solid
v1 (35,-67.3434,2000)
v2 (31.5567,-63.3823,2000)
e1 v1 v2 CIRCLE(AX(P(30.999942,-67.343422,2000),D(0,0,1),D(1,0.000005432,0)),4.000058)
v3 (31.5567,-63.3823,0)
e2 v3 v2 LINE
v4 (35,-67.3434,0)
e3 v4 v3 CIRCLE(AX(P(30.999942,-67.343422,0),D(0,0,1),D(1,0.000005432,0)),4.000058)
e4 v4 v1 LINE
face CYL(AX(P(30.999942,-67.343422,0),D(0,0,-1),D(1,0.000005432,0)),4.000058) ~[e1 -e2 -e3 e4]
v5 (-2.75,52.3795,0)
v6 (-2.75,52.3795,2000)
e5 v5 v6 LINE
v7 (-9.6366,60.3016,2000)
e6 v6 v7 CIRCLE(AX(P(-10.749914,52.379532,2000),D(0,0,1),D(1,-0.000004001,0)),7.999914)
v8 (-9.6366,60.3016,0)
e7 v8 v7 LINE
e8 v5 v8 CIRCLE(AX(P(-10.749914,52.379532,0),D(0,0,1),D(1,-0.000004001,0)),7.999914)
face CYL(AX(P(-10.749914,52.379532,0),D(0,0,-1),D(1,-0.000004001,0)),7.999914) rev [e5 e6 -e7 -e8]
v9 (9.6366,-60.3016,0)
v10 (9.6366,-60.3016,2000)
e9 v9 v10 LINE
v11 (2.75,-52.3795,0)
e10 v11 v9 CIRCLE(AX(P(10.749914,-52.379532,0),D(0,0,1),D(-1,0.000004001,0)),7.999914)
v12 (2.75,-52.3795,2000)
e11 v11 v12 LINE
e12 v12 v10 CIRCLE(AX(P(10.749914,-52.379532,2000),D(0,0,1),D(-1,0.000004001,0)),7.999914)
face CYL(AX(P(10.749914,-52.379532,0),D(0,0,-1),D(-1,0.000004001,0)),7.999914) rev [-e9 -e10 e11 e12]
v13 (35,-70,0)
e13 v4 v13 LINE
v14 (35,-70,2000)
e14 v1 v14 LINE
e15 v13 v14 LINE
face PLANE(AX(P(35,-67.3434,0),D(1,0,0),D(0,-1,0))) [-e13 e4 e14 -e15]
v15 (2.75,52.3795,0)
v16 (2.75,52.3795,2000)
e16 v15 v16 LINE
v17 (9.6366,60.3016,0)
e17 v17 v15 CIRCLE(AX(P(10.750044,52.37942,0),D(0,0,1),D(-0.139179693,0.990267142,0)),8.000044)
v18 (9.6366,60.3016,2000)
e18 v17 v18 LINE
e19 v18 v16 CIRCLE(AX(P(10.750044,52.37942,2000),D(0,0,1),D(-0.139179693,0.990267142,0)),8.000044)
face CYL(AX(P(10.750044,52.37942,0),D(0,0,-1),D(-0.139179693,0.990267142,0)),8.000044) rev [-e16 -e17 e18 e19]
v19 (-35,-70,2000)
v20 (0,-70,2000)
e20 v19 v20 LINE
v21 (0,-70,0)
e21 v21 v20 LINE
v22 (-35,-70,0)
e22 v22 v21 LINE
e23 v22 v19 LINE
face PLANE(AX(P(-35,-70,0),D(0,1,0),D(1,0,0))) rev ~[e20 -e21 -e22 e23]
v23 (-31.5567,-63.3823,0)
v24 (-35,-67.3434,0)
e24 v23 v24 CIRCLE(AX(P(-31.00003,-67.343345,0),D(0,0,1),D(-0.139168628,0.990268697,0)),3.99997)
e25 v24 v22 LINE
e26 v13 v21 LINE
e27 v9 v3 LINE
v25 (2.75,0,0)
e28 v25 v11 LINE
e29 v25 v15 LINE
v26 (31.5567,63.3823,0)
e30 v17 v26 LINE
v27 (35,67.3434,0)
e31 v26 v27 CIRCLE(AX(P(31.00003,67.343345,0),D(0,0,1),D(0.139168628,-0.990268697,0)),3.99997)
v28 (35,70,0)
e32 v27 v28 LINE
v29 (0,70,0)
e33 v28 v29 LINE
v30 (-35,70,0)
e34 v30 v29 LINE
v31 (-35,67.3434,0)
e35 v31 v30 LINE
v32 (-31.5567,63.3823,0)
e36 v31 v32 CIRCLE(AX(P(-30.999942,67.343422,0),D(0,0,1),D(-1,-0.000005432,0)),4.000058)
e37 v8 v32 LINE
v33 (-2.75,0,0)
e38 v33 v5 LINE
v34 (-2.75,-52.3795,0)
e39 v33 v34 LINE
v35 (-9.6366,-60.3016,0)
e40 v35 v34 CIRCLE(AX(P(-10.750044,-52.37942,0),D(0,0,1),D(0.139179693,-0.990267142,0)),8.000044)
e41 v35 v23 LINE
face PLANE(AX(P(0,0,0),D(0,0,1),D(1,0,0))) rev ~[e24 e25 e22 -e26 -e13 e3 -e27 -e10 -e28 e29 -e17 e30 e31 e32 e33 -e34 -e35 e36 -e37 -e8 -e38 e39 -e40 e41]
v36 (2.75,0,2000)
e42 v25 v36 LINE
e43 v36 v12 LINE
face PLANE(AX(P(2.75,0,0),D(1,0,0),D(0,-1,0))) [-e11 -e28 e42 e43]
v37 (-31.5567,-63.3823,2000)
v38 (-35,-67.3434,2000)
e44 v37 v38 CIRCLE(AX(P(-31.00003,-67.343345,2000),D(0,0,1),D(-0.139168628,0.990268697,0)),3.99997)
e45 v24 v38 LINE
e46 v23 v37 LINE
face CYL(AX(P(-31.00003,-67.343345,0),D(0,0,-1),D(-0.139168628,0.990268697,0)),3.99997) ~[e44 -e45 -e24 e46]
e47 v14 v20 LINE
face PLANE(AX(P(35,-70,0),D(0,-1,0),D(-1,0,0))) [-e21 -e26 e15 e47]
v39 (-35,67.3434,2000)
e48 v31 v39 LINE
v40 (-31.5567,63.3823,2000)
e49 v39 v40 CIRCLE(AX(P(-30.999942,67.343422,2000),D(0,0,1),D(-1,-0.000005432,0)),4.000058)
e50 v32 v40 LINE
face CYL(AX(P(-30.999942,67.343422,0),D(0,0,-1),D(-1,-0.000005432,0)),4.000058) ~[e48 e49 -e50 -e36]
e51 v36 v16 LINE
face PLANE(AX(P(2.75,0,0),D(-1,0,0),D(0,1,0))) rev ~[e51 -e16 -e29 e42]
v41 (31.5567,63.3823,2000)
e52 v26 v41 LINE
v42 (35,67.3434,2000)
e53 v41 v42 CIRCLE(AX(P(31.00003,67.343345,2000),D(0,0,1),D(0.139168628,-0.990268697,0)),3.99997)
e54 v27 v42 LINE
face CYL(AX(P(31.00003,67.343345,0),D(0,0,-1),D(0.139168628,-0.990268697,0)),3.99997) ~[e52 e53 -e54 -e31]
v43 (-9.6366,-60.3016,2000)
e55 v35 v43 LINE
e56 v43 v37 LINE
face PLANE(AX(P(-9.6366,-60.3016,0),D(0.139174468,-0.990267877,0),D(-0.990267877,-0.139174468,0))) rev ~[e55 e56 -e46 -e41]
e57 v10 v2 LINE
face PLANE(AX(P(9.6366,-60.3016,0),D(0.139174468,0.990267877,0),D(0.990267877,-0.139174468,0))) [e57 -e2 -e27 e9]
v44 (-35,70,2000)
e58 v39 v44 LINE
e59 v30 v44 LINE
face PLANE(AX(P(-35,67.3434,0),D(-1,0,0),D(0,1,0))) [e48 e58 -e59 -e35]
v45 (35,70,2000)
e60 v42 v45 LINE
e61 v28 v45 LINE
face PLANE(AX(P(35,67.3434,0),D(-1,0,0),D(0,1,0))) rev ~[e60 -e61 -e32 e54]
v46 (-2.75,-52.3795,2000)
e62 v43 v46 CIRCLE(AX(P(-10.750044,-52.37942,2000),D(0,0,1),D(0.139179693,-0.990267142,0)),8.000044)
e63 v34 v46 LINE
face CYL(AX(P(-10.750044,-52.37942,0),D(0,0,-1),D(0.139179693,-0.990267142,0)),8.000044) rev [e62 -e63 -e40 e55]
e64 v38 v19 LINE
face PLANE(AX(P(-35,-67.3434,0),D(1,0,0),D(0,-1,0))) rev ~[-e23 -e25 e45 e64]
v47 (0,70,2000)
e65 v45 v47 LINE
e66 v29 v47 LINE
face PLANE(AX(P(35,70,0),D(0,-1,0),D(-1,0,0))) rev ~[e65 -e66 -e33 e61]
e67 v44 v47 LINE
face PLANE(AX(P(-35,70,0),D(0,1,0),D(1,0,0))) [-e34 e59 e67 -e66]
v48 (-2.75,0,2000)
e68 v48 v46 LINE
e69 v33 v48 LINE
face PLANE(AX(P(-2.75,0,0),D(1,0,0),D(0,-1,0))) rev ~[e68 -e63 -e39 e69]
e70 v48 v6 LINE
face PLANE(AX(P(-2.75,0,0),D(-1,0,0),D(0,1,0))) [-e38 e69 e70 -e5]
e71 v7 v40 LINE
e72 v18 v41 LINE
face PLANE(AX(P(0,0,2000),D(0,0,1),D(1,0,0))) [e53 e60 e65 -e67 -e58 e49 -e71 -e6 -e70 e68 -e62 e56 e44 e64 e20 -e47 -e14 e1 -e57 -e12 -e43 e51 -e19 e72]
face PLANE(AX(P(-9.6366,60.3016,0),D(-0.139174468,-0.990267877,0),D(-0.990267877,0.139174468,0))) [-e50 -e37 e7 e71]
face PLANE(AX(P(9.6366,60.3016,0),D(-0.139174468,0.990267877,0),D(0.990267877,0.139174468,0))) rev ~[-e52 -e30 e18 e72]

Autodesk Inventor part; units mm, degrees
ref_plane "YZ Plane" through (0, 0, 0) normal (1, 0, 0) x (0, 1, 0)
ref_plane "Start Plane" through (0, 0, 0) normal (0, 0, 1) x (1, 0, 0)
ref_plane "End Plane" through (0, 0, 2000) normal (0, 0, 1) x (1, 0, 0)
sketch "Sketch" plane through (0, 0, 0) normal (0, 0, 1) x (1, 0, 0)
  line L0 (-2.75, 0) -> (-2.75, -52.3795)
  line L1 (-9.6366, -60.3016) -> (-31.5567, -63.3823)
  line L2 (-35, -67.3434) -> (-35, -70)
  line L3 (-35, -70) -> (0, -70)
  line L4 (-18.875, -70) -> (-18.875, -61.6) construction
  line L5 (-25.7112, 0) -> (34.2816, 0) construction
  line L6 (0, 40) -> (0, -70) construction
  line L7 (0, -48) -> (0, 64) construction
  line L8 (2.75, 0) -> (2.75, -52.3795)
  line L9 (9.6366, -60.3016) -> (31.5567, -63.3823)
  line L10 (35, -67.3434) -> (35, -70)
  line L11 (35, -70) -> (0, -70)
  line L12 (-2.75, 0) -> (2.75, 0) construction
  line L13 (-2.75, 0) -> (-2.75, 52.3795)
  line L14 (-9.6366, 60.3016) -> (-31.5567, 63.3823)
  line L15 (-35, 67.3434) -> (-35, 70)
  line L16 (-35, 70) -> (0, 70)
  line L17 (2.75, 0) -> (2.75, 52.3795)
  line L18 (9.6366, 60.3016) -> (31.5567, 63.3823)
  line L19 (35, 67.3434) -> (35, 70)
  line L20 (35, 70) -> (0, 70)
  arc A0 (-35, 67.3434) -> (-31.5567, 63.3823) centre (-31, 67.3434) ccw
  arc A1 (31.5567, 63.3823) -> (35, 67.3434) centre (31, 67.3434) ccw
  arc A2 (35, -67.3434) -> (31.5567, -63.3823) centre (31, -67.3434) ccw
  arc A3 (-31.5567, -63.3823) -> (-35, -67.3434) centre (-31, -67.3434) ccw
  arc A4 (-2.75, 52.3795) -> (-9.6366, 60.3016) centre (-10.75, 52.3795) ccw
  arc A5 (9.6366, 60.3016) -> (2.75, 52.3795) centre (10.75, 52.3795) ccw
  arc A6 (2.75, -52.3795) -> (9.6366, -60.3016) centre (10.75, -52.3795) ccw
  arc A7 (-9.6366, -60.3016) -> (-2.75, -52.3795) centre (-10.75, -52.3795) ccw
  line L21 (0, 98) -> (0, -98) construction
  line L22 (-50.0367, 0) -> (50.0367, 0) construction
  point P0 (-2.75, -59.3338)
  point P1 (-35, -63.8662)
  point P2 (2.75, -59.3338)
  point P3 (35, -63.8662)
  point P4 (18.875, -70)
  point P5 (18.875, -61.6)
  point P6 (-2.75, 59.3338)
  point P7 (-35, 63.8662)
  point P8 (-18.875, 70)
  point P9 (-18.875, 61.6)
  point P10 (2.75, 59.3338)
  point P11 (35, 63.8662)
  point P12 (18.875, 61.6)
  point P13 (18.875, 70)
  dimension "d1" = 2.2662
  dimension "d2" = 8.4
  dimension "d3" = 16.125
  dimension "d4" = 2.75
  dimension "d5" = 35
  dimension "d10" = 70
  dimension "d14" = 4
  dimension "d15" = 8
extrude "Body" add sketch "Sketch" along normal up to surface (2000 mm away) from surface at 0
sketch "Sketch3" plane through (0, 0, 0) normal (0, 0, 1) x (1, 0, 0)
  line L0 (0, 0) -> (10, 0)
ref_plane "Work Plane3" through (0, 0, 0) normal (0, -1, 0) x (1, 0, 0)
sketch "Sketch4" plane through (0, 0, 0) normal (0, -1, 0) x (1, 0, 0)
  line L0 (-2, 0) -> (12, 0) projected
  line L1 (-2, 2000) -> (12, 2000) projected
  dimension "d19" = 2000
equation "\"d2\" = G_T1"
equation "\"d3\" = G_C"
equation "\"d4\" = 0.5 * G_T"
equation "\"d5\" = 0.5 * G_W"
equation "\"d10\" = 0.5 * G_H"
equation "\"d14\" = G_ER"
equation "\"d15\" = G_IR"
equation "\"d6\" = G_L"
equation "\"G_W\" = 70"
equation "\"G_H\" = 140"
equation "\"G_T\" = 5.5"
equation "\"G_T1\" = 8.4"
equation "\"G_C\" = 16.125"
equation "\"G_NG\" = 0.140541"
equation "\"G_L\" = d19"
equation "\"G_ER\" = 0.5 * G_IR"
equation "\"G_IR\" = 8"
equation "\"G_OFFSET_START\" = 0"
equation "\"G_OFFSET_END\" = 0"
properties part number "ISO 657/15 - SB 140x15 - 2000" material "Steel, Mild"
